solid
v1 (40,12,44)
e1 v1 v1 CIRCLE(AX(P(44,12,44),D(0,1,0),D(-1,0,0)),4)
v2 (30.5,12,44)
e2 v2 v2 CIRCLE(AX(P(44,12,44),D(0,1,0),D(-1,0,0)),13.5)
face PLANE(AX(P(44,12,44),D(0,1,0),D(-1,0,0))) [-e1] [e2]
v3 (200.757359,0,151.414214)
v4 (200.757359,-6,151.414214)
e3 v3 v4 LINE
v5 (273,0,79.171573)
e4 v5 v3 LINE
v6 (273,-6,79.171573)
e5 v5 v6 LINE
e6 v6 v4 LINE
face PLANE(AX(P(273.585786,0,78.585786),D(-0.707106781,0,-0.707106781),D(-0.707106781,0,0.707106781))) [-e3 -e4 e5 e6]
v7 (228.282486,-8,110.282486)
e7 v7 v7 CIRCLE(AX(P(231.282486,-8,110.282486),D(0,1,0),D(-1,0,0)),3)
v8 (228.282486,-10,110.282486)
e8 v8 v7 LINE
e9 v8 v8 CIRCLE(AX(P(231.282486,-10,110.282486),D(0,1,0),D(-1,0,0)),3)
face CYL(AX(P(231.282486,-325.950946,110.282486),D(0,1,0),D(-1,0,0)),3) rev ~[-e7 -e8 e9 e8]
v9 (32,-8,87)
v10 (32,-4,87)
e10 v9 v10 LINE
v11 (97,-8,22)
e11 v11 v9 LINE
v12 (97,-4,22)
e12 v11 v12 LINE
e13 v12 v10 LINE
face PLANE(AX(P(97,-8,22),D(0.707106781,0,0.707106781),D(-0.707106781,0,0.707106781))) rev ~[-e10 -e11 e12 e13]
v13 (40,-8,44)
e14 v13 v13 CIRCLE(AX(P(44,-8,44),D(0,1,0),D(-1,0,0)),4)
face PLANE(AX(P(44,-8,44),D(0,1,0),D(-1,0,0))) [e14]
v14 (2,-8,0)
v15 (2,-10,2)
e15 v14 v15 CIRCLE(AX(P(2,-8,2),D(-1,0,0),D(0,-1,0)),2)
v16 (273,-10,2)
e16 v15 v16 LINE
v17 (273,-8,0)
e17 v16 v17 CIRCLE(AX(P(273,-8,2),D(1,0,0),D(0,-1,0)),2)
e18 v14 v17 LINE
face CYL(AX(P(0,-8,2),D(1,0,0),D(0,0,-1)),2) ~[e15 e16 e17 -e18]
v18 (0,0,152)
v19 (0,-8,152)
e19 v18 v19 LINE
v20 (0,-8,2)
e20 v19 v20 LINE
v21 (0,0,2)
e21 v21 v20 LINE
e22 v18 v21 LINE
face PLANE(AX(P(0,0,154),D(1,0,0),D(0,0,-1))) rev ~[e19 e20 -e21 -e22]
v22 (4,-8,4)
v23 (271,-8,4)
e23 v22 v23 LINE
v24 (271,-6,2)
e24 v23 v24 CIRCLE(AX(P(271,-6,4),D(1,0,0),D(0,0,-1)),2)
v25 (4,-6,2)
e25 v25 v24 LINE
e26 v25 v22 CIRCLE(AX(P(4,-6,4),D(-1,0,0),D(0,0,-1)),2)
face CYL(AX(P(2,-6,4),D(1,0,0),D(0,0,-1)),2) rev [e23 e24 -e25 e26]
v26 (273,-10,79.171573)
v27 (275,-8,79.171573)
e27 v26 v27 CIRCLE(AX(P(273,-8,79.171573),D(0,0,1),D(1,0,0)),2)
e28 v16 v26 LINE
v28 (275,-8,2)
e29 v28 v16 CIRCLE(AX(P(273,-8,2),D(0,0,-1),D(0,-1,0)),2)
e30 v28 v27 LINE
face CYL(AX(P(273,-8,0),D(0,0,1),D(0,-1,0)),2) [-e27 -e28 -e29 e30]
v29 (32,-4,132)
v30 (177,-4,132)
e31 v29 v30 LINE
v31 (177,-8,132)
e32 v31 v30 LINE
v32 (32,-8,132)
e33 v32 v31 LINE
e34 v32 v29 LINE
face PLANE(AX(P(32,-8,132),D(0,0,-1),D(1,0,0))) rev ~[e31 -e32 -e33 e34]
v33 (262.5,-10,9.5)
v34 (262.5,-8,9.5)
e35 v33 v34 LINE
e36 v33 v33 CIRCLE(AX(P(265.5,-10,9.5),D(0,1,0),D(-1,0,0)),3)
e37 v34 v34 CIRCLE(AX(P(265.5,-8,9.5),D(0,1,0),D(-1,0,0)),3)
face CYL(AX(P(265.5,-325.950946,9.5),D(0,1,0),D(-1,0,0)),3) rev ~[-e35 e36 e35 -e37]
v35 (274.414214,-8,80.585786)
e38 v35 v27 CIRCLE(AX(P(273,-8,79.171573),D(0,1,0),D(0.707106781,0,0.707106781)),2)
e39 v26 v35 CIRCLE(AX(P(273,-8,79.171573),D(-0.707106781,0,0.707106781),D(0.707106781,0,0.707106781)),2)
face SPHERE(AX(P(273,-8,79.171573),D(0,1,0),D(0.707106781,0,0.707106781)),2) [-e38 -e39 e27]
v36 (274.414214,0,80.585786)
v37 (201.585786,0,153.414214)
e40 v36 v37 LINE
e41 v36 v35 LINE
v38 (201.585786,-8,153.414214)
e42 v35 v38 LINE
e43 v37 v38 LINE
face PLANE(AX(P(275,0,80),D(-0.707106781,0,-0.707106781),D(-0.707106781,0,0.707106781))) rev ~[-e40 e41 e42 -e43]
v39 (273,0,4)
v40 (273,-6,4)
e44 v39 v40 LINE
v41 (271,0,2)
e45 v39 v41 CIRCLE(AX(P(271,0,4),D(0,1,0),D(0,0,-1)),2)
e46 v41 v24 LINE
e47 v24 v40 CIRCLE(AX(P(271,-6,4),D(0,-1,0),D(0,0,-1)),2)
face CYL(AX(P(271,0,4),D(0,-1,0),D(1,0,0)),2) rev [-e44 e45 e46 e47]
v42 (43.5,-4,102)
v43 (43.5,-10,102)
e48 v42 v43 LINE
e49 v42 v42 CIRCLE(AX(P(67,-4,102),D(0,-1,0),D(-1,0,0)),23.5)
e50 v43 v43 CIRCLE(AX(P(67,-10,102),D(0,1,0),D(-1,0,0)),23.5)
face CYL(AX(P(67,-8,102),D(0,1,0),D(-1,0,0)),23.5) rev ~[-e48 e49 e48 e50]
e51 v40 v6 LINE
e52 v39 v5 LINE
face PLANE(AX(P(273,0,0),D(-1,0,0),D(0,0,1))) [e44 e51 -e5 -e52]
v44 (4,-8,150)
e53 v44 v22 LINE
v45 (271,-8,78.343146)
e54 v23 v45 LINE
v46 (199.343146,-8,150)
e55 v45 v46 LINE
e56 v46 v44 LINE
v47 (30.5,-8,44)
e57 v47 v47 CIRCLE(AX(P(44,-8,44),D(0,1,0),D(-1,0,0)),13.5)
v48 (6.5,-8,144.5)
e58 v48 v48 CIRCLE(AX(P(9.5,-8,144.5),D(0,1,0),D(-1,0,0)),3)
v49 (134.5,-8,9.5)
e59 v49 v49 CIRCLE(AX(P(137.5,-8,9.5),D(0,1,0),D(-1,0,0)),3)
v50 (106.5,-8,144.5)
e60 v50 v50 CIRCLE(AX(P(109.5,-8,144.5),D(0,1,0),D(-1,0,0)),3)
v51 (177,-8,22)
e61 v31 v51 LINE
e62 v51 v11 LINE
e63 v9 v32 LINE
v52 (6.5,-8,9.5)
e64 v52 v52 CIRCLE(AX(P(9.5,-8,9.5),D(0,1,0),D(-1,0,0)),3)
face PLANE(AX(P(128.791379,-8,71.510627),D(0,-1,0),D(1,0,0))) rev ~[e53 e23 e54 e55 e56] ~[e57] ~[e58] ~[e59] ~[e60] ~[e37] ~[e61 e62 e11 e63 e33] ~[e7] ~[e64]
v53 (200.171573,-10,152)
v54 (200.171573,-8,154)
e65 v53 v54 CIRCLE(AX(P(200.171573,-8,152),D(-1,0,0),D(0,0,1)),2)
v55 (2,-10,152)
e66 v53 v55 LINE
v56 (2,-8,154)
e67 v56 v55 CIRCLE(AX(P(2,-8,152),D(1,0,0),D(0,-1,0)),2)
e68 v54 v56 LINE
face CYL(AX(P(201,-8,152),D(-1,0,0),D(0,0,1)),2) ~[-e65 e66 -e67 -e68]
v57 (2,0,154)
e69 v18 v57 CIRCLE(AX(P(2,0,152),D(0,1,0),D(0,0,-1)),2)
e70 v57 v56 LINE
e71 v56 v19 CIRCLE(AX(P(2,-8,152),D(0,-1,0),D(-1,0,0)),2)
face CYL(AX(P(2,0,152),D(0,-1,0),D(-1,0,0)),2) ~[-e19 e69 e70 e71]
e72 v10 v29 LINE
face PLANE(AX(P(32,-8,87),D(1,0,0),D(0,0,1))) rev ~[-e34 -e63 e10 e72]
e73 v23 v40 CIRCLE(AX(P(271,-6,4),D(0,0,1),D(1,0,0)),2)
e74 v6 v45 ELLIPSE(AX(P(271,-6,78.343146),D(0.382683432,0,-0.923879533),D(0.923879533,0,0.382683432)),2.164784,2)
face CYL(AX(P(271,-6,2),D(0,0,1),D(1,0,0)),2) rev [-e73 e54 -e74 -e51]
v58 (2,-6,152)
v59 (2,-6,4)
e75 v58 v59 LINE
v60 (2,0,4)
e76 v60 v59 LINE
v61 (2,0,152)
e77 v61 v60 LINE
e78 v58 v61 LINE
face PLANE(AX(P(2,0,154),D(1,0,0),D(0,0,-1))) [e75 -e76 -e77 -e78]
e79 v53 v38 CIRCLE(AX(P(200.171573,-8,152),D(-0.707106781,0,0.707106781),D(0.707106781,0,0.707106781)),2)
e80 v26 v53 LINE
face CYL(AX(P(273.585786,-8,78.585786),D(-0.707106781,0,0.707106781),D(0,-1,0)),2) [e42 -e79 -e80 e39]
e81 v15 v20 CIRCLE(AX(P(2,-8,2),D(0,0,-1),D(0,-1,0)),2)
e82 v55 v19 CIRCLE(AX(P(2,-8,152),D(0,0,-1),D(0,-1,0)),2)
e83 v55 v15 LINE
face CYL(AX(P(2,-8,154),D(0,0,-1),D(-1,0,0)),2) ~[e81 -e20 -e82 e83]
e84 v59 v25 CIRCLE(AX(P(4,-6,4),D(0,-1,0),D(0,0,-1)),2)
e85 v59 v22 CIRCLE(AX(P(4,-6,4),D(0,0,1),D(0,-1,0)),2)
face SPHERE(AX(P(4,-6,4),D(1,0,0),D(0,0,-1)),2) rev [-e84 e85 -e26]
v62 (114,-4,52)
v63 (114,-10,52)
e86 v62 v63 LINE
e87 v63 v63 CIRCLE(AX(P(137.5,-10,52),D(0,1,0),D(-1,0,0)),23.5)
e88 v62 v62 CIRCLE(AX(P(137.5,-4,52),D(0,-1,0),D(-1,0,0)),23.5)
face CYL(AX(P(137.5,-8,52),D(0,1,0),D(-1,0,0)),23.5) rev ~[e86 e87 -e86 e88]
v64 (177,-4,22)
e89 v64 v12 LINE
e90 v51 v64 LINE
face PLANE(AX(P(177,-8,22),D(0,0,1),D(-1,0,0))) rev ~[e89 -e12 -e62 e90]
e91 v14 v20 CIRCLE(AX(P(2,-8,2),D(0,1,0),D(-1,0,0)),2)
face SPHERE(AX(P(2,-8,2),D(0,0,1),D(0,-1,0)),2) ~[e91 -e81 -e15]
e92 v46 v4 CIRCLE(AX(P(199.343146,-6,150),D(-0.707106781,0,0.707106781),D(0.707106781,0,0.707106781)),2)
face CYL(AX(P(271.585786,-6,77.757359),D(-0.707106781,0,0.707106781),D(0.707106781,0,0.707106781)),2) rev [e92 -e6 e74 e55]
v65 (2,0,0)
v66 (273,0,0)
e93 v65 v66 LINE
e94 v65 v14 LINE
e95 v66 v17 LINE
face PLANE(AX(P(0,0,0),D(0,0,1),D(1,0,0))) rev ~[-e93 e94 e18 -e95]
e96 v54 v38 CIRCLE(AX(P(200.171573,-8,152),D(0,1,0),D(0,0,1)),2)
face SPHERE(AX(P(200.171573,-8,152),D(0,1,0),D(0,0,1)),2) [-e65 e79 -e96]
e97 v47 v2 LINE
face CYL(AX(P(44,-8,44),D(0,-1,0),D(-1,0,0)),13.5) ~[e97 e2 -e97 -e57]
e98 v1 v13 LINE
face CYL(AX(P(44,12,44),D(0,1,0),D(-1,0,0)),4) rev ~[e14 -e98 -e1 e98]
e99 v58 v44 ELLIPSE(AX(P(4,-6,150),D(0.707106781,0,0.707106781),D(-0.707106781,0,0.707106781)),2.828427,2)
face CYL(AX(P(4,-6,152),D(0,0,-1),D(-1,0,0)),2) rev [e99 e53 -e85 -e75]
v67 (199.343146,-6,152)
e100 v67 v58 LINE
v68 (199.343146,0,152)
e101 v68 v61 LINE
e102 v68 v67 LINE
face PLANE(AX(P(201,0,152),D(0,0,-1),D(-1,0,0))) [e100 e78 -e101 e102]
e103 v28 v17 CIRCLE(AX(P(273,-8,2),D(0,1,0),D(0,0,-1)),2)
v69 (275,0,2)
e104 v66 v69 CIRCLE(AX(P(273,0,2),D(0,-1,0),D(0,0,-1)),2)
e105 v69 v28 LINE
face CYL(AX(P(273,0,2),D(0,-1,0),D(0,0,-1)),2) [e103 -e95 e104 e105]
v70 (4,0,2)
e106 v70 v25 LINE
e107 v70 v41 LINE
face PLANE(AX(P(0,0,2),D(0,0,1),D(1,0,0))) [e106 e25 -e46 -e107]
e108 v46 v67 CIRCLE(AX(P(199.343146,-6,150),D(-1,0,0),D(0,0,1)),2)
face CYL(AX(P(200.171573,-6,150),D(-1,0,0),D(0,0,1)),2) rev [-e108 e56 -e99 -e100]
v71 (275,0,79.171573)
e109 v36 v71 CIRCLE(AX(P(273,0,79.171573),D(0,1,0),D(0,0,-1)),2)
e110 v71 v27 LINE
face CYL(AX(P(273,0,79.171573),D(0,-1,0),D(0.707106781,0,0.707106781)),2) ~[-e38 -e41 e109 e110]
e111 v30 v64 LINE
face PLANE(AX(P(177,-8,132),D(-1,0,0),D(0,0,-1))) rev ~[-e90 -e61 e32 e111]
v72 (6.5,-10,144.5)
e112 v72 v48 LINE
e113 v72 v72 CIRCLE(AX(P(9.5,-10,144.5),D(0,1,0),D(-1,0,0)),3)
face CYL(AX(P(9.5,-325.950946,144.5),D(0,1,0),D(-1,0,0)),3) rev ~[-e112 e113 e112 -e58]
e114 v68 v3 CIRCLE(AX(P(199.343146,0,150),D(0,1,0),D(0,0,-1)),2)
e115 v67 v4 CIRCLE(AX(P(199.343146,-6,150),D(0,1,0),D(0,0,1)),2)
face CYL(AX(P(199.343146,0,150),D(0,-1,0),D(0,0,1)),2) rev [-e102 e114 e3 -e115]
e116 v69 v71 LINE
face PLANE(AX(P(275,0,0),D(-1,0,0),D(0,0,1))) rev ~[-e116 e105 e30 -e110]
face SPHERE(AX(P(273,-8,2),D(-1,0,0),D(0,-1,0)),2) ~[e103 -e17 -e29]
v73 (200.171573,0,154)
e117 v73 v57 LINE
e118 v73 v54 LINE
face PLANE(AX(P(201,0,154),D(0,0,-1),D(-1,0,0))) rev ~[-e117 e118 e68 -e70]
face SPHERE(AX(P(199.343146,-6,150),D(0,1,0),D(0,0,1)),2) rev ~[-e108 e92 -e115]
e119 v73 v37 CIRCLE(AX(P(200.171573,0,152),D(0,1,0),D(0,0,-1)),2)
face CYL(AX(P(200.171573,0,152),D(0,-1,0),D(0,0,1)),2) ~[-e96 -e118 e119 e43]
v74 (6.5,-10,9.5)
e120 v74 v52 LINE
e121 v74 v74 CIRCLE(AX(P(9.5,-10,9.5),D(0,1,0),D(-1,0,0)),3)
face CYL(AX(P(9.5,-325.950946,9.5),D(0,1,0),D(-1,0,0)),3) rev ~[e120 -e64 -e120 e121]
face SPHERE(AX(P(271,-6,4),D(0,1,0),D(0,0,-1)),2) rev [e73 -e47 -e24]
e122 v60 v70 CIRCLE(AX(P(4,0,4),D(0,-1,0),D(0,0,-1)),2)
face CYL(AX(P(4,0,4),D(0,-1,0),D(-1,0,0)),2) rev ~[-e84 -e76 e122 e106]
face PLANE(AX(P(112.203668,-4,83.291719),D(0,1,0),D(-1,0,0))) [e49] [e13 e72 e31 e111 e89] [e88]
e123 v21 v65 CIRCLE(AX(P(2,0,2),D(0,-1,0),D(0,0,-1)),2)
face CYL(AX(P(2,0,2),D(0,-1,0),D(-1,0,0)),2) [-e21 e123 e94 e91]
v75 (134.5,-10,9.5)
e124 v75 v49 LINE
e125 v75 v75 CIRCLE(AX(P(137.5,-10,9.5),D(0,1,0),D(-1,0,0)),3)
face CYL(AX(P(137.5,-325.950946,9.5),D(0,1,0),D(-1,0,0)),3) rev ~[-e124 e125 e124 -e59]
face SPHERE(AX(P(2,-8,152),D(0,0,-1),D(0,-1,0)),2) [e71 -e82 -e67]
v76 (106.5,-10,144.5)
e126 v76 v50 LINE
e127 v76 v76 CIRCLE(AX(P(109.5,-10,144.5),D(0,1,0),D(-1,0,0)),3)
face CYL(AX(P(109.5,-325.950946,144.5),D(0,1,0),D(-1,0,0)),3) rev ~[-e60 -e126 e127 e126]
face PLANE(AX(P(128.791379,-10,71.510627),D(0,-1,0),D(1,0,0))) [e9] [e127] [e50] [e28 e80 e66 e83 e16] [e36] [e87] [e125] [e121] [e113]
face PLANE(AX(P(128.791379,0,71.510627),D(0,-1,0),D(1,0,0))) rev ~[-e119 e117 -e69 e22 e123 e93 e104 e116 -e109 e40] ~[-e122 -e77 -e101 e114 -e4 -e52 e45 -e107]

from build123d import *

# Parameters (mm, degrees)
F1_DEPTH      = 10
F2_T          = -2
F5_DEPTH      = 4
F3_R          = 23.5
F6_DEPTH      = 8.001
F6_DEPTH_BACK = 2.001
F7_R          = 13.5
F8_DEPTH      = 20
F9_R          = 4
F10_DEPTH     = 20
F12_D         = 6
F13_R         = 2
F14_R         = 2


with BuildPart() as f1:
    # F0 (on Front) → F1 (new body)
    with BuildSketch(Plane.XZ):
        Polygon((0, 154), (0, 0), (275, 0), (275, 80), (201, 154), align=None)
    extrude(amount=F1_DEPTH)

    # F2
    f2_openings = [f1.faces().sort_by_distance(p)[0] for p in [
        (129.700907, 0, 73.382695),
    ]]
    offset(amount=F2_T, openings=f2_openings)

    # F4 (on face) → F5 (join)
    with BuildSketch(Plane(origin=(0, -8, 0), x_dir=(-1, 0, 0), z_dir=(0, 1, 0))):
        Polygon((-32, 87), (-32, 132), (-177, 132), (-177, 22), (-97, 22), align=None)
    extrude(amount=F5_DEPTH)

    # F3 (on face) → F6 (cut, two sides)
    with BuildSketch(Plane(origin=(0, -8, 0), x_dir=(-1, 0, 0), z_dir=(0, 1, 0))) as f6_sk:
        with Locations((-67, 102)):
            Circle(F3_R)
        with Locations((-137.5, 52)):
            Circle(F3_R)
    extrude(amount=F6_DEPTH, mode=Mode.SUBTRACT)
    extrude(f6_sk.sketch, amount=-F6_DEPTH_BACK, mode=Mode.SUBTRACT)

    # F7 (on face) → F8 (join)
    with BuildSketch(Plane(origin=(0, -8, 0), x_dir=(-1, 0, 0), z_dir=(0, 1, 0))):
        with Locations((-44, 44)):
            Circle(F7_R)
    extrude(amount=F8_DEPTH)

    # F9 (on face) → F10 (cut, through all)
    with BuildSketch(Plane(origin=(0, 12, 0), x_dir=(-1, 0, 0), z_dir=(0, 1, 0))):
        with Locations((-44, 44)):
            Circle(F9_R)
    extrude(amount=-F10_DEPTH, mode=Mode.SUBTRACT)

    # F12 (through all)
    with Locations(Plane.XZ.offset(10)):
        with Locations((9.5, 144.5), (109.5, 144.5), (231.2824855787, 110.2824855787), (265.5, 9.5), (137.5, 9.5), (9.5, 9.5)):
            Hole(F12_D / 2)

    # F13
    f13_edges = [f1.edges().sort_by_distance(p)[0] for p in [
        (0, -10, 77),
        (137.5, -10, 0),
        (238, -10, 117),
        (275, -10, 40),
        (275, -5, 0),
        (275, -5, 80),
        (201, -5, 154),
        (0, -5, 0),
        (100.5, -10, 154),
        (0, -5, 154),
    ]]
    fillet(f13_edges, radius=F13_R)

    # F14
    f14_edges = [f1.edges().sort_by_distance(p)[0] for p in [
        (273, -4, 2),
        (137.5, -8, 2),
        (273, -8, 40.585786),
        (236.585786, -8, 115.585786),
        (200.171573, -4, 152),
        (101.085786, -8, 152),
        (2, -4, 2),
        (2, -8, 77),
    ]]
    fillet(f14_edges, radius=F14_R)


solid = f1.part
